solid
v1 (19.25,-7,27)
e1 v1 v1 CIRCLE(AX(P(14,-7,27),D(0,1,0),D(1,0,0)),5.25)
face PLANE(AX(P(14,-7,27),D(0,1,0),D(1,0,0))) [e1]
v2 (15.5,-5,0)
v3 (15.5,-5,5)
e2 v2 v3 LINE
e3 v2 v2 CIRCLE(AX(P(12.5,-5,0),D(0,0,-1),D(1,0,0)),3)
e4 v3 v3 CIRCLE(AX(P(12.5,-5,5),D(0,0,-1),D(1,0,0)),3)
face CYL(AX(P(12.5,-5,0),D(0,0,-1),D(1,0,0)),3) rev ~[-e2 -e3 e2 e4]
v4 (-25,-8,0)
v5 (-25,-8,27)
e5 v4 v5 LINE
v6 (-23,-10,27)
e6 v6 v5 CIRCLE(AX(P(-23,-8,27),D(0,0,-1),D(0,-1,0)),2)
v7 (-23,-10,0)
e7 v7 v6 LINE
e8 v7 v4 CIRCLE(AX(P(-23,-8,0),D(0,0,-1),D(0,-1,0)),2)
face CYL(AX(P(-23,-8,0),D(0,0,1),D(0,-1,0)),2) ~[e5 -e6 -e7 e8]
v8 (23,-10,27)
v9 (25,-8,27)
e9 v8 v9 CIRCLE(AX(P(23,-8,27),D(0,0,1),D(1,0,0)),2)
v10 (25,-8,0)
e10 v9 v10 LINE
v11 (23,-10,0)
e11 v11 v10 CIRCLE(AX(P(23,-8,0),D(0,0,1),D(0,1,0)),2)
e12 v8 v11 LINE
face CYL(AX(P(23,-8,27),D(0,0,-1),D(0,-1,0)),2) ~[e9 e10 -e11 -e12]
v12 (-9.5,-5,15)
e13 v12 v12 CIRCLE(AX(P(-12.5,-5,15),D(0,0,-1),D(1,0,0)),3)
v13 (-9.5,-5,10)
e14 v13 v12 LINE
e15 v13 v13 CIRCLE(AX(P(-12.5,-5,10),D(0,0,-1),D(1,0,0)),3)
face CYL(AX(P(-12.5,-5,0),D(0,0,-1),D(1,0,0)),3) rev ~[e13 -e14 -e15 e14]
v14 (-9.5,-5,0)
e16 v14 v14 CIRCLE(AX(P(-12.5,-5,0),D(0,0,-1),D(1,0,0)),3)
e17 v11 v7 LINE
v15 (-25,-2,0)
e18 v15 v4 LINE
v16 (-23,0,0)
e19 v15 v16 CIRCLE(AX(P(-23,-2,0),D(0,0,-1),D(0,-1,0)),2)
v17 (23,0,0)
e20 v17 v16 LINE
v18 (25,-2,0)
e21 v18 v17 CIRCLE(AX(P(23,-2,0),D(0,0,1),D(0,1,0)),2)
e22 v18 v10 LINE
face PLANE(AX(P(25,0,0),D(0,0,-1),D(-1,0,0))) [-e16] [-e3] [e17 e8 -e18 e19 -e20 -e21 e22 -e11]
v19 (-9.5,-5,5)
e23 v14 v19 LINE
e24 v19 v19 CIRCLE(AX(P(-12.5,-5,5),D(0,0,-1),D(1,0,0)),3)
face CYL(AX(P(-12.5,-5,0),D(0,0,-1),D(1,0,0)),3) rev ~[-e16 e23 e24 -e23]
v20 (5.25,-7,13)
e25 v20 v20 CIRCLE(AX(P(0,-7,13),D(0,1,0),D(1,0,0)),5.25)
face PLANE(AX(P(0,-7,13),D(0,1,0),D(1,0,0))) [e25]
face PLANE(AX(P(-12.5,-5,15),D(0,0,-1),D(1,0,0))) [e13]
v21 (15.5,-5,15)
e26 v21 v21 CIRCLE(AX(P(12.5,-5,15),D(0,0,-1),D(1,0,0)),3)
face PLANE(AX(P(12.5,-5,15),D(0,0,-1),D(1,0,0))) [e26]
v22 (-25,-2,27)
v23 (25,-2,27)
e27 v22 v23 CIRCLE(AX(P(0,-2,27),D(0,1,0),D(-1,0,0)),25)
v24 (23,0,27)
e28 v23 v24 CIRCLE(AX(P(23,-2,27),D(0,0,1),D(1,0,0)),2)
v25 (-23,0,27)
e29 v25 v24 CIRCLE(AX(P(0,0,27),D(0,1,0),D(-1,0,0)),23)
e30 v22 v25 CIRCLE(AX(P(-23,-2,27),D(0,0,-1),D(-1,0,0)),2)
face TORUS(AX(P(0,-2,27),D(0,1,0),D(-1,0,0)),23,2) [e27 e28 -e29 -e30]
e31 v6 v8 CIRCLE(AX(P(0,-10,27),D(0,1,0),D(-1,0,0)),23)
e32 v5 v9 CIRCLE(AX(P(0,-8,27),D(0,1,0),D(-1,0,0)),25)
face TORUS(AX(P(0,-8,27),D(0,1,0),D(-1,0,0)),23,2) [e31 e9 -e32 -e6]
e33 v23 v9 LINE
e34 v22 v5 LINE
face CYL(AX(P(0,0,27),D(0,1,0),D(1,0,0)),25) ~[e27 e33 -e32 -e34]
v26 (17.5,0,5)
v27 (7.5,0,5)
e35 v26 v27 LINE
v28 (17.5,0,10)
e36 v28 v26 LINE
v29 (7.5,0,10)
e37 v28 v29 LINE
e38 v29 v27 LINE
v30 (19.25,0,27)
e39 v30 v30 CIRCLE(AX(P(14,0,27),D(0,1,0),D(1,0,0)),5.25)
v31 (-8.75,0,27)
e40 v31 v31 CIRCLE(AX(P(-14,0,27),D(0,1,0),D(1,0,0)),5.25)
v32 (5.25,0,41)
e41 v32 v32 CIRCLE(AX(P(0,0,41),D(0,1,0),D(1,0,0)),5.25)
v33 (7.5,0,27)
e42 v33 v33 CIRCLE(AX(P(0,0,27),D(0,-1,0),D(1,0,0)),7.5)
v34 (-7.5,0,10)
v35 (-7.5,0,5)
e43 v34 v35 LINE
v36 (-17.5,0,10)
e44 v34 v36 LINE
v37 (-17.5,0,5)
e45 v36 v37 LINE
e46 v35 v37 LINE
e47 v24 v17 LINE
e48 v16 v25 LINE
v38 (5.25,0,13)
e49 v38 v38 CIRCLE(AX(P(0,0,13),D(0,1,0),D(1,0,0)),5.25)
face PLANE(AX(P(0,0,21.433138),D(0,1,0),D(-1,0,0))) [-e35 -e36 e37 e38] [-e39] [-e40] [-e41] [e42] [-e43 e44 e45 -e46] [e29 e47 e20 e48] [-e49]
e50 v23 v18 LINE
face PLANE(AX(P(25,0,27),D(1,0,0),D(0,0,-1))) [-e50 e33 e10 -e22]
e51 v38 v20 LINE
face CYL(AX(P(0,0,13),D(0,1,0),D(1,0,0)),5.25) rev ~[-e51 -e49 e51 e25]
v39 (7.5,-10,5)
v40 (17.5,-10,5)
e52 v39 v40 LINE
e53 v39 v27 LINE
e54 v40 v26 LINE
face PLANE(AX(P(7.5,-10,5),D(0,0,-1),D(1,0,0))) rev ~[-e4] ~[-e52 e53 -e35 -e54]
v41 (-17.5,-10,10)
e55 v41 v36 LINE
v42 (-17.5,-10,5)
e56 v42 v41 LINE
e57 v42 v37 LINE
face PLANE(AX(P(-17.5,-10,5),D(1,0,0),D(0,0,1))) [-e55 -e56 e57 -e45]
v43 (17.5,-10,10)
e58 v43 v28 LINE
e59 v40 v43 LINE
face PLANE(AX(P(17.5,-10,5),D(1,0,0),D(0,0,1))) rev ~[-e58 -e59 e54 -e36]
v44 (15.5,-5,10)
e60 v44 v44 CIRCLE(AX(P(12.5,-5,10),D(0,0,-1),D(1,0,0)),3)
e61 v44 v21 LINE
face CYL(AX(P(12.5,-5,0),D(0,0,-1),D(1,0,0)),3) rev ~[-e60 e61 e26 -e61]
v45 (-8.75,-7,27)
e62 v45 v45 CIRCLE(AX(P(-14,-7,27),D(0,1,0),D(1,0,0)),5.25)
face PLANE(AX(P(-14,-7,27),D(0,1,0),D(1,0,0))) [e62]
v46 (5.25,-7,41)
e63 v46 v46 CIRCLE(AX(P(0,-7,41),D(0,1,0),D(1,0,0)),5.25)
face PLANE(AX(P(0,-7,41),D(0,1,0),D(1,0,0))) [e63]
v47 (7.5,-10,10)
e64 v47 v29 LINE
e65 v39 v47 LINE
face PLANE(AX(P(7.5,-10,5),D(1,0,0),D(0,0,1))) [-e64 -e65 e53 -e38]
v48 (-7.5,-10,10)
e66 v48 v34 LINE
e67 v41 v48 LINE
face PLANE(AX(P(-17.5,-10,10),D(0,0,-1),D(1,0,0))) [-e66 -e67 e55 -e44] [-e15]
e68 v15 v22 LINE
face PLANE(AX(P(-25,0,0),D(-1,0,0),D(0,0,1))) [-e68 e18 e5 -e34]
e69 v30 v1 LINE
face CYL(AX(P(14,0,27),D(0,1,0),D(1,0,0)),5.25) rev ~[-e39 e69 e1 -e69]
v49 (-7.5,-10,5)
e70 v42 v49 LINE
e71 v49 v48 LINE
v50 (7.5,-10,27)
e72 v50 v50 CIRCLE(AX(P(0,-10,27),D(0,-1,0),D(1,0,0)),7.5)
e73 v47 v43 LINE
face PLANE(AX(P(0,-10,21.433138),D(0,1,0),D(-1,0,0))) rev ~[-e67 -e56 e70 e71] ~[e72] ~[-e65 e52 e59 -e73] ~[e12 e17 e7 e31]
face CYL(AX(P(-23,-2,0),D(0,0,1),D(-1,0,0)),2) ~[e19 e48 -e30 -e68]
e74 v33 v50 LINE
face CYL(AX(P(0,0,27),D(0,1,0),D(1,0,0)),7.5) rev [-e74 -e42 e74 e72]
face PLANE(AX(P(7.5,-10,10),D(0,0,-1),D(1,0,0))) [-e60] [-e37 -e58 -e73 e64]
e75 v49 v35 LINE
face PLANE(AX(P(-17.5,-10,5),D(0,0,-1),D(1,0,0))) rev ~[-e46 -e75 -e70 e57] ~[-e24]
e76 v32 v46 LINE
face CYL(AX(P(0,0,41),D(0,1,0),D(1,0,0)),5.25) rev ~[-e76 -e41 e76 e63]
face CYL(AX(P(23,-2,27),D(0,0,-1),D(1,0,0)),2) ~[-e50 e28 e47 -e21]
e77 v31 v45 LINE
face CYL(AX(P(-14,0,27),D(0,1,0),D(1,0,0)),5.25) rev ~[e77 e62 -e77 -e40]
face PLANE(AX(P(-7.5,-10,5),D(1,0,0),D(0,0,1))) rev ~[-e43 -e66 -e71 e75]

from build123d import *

# Parameters (mm, degrees)
SKETCH_R        = 7.5
PAD_DEPTH       = 10
SKETCH002_W     = 10
SKETCH002_H     = 5
POCKET001_DEPTH = 10.001
SKETCH003_R     = 3
POCKET002_DEPTH = 15
SKETCH001_R     = 5.25
POCKET_DEPTH    = 7
FILLET_R        = 2
FILLET001_R     = 2


with BuildPart() as part:
    # Sketch → Pad (new body)
    with BuildSketch(Plane.XZ):
        with BuildLine():
            Line((-25, 0), (-25, 27))
            ThreePointArc((25, 27), (0, 52), (-25, 27))
            Line((25, 27), (25, 0))
            Line((25, 0), (-25, 0))
        make_face()
        with Locations((0, 27)):
            Circle(SKETCH_R, mode=Mode.SUBTRACT)
    extrude(amount=PAD_DEPTH)

    # Sketch002 → Pocket001 (cut, through all)
    with BuildSketch(Plane.XZ.offset(10)):
        with Locations((-12.5, 7.5)):
            Rectangle(SKETCH002_W, SKETCH002_H)
        with Locations((12.5, 7.5)):
            Rectangle(SKETCH002_W, SKETCH002_H)
    extrude(amount=-POCKET001_DEPTH, mode=Mode.SUBTRACT)

    # Sketch003 (on Face2 of Pocket001) → Pocket002 (cut)
    with BuildSketch(Plane(origin=(0, 0, 0), x_dir=(1, 0, 0), z_dir=(0, 0, -1))):
        with Locations((-12.5, 5)):
            Circle(SKETCH003_R)
        with Locations((12.5, 5)):
            Circle(SKETCH003_R)
    extrude(amount=-POCKET002_DEPTH, mode=Mode.SUBTRACT)

    # Sketch001 (on Face6 of Pad) → Pocket (cut)
    with BuildSketch(Plane(origin=(0, 0, 0), x_dir=(1, 0, 0), z_dir=(0, 1, 0))):
        with Locations((14, -27)):
            Circle(SKETCH001_R)
        with Locations((0, -13)):
            Circle(SKETCH001_R)
        with Locations((0, -41)):
            Circle(SKETCH001_R)
        with Locations((-14, -27)):
            Circle(SKETCH001_R)
    extrude(amount=-POCKET_DEPTH, mode=Mode.SUBTRACT)

    # Fillet
    fillet_edges = [part.edges().sort_by_distance(p)[0] for p in [
        (-25, 0, 13.5),
    ]]
    fillet(fillet_edges, radius=FILLET_R)

    # Fillet001
    fillet001_edges = [part.edges().sort_by_distance(p)[0] for p in [
        (25, -10, 13.5),
    ]]
    fillet(fillet001_edges, radius=FILLET001_R)


solid = part.part
